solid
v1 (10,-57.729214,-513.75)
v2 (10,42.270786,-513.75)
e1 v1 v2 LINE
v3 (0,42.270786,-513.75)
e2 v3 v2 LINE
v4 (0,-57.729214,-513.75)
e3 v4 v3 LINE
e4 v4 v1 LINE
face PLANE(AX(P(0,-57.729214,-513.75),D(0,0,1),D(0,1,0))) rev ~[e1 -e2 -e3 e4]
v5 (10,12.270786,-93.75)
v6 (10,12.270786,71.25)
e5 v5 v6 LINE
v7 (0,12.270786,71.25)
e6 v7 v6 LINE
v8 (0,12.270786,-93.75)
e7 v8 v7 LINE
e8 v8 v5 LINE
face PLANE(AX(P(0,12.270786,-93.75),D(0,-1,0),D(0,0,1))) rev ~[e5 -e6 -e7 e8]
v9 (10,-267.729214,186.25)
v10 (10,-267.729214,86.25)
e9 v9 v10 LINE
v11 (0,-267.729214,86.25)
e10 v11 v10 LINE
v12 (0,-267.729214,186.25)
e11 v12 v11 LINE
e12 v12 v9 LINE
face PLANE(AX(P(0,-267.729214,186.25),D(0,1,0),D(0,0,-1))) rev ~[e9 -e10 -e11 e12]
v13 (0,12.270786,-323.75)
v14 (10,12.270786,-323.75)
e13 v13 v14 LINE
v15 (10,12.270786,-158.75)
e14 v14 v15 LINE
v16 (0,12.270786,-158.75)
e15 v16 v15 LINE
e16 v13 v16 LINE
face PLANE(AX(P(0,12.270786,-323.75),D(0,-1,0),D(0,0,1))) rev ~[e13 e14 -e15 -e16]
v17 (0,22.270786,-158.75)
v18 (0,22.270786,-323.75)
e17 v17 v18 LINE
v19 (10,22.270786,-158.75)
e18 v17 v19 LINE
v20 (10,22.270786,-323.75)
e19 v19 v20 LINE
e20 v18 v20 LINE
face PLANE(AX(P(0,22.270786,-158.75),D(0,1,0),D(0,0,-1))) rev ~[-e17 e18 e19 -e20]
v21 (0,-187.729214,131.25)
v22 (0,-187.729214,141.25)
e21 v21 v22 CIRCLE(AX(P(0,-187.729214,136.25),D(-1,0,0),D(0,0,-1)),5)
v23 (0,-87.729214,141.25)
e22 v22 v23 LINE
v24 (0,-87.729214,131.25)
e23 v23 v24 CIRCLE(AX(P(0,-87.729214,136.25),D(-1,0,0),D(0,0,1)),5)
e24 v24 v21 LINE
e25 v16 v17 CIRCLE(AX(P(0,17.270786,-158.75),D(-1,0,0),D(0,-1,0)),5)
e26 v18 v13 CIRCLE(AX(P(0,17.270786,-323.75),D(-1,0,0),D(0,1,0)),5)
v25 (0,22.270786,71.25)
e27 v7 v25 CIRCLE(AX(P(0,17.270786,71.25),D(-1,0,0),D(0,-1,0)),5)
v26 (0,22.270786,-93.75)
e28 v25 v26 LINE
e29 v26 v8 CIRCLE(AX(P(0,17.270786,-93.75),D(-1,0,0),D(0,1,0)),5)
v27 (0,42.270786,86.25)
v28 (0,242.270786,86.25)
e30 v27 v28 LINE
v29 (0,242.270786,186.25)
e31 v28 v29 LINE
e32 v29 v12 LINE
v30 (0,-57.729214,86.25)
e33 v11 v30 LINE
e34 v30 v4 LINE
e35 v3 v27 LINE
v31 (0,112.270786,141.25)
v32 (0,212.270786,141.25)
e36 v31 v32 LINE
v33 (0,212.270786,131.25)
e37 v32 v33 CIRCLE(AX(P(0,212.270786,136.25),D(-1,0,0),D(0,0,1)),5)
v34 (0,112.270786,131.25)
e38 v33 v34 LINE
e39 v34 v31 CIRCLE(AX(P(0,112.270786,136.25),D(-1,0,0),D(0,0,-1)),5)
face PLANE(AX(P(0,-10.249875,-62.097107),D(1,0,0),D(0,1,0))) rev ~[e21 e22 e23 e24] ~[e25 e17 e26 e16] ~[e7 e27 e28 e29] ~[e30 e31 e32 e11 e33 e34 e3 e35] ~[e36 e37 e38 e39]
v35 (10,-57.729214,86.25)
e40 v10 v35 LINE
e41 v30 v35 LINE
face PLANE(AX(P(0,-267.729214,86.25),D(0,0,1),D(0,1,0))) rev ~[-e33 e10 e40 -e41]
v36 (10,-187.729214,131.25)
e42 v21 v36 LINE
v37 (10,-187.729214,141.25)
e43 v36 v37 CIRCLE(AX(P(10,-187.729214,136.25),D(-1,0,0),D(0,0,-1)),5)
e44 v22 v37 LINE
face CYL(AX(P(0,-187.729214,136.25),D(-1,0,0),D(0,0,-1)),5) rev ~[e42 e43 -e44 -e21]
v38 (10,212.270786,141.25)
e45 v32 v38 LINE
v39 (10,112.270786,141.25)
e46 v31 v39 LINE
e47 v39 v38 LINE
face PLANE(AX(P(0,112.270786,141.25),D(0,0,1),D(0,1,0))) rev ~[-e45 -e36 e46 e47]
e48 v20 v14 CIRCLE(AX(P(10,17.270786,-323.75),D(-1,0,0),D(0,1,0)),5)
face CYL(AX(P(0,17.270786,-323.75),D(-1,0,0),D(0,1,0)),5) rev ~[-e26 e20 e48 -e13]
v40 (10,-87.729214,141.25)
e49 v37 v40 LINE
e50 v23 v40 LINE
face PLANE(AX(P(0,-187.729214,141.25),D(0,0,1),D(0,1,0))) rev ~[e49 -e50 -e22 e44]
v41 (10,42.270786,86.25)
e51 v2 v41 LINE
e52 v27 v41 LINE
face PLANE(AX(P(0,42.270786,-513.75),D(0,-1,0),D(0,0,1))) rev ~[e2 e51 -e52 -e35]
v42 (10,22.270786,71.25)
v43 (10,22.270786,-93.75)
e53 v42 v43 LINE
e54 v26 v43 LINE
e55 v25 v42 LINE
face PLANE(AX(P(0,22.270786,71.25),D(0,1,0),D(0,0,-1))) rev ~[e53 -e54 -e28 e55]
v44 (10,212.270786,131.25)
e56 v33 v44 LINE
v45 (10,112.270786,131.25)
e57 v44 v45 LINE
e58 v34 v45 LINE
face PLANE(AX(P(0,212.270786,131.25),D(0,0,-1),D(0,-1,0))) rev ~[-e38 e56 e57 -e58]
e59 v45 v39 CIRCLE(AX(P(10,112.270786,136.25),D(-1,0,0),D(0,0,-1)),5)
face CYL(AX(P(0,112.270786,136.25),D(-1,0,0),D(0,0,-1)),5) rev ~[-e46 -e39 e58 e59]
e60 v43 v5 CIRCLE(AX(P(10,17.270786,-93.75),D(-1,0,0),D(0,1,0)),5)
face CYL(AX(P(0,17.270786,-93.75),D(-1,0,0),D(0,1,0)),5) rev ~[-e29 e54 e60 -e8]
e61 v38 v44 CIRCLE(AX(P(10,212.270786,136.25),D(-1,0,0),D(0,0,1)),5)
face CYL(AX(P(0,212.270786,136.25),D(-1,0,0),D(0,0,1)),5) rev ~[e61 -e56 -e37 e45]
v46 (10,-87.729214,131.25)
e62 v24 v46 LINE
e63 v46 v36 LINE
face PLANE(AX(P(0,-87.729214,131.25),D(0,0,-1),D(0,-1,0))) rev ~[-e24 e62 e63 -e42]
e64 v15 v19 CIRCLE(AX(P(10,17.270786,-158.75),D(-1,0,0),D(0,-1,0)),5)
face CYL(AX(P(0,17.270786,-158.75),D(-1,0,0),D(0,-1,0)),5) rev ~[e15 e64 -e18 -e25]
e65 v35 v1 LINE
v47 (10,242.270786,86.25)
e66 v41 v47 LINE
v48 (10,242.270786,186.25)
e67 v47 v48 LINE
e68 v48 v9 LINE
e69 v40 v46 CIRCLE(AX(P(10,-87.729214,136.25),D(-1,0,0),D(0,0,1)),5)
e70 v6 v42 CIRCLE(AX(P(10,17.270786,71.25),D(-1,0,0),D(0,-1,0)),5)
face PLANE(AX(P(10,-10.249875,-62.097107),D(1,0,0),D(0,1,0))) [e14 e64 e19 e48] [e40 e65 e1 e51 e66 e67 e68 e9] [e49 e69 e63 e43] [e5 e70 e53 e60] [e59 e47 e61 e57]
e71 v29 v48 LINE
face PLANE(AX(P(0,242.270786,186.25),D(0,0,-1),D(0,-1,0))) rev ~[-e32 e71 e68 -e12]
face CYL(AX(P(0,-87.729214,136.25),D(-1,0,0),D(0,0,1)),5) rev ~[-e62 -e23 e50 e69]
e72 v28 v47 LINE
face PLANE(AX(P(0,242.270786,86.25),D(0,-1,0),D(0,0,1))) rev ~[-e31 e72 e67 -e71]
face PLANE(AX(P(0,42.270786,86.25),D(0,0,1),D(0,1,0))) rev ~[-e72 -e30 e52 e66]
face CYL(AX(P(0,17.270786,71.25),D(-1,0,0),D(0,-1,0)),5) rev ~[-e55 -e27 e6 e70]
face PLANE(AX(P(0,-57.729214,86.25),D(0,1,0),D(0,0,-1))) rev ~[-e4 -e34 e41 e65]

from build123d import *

# Parameters (mm, degrees)
F1_DEPTH = 10


with BuildPart() as f1:
    # F0 (on Right) → F1 (new body)
    with BuildSketch(Plane.YZ):
        Polygon((-57.729214, 86.25), (-57.729214, -513.75), (42.270786, -513.75), (42.270786, 86.25), (242.270786, 86.25), (242.270786, 186.25), (-267.729214, 186.25), (-267.729214, 86.25), align=None)
        with BuildLine():
            ThreePointArc((22.270786, -323.75), (17.270786, -328.75), (12.270786, -323.75))
            Line((12.270786, -323.75), (12.270786, -158.75))
            ThreePointArc((12.270786, -158.75), (17.270786, -153.75), (22.270786, -158.75))
            Line((22.270786, -158.75), (22.270786, -323.75))
        make_face(mode=Mode.SUBTRACT)
        with BuildLine():
            ThreePointArc((-187.729214, 131.25), (-192.729214, 136.25), (-187.729214, 141.25))
            Line((-187.729214, 141.25), (-87.729214, 141.25))
            ThreePointArc((-87.729214, 141.25), (-82.729214, 136.25), (-87.729214, 131.25))
            Line((-87.729214, 131.25), (-187.729214, 131.25))
        make_face(mode=Mode.SUBTRACT)
        with BuildLine():
            Line((22.270786, 71.25), (22.270786, -93.75))
            ThreePointArc((22.270786, -93.75), (17.270786, -98.75), (12.270786, -93.75))
            Line((12.270786, -93.75), (12.270786, 71.25))
            ThreePointArc((12.270786, 71.25), (17.270786, 76.25), (22.270786, 71.25))
        make_face(mode=Mode.SUBTRACT)
        with BuildLine():
            ThreePointArc((112.270786, 131.25), (107.270786, 136.25), (112.270786, 141.25))
            Line((112.270786, 141.25), (212.270786, 141.25))
            ThreePointArc((212.270786, 141.25), (217.270786, 136.25), (212.270786, 131.25))
            Line((212.270786, 131.25), (112.270786, 131.25))
        make_face(mode=Mode.SUBTRACT)
    extrude(amount=F1_DEPTH)


solid = f1.part
